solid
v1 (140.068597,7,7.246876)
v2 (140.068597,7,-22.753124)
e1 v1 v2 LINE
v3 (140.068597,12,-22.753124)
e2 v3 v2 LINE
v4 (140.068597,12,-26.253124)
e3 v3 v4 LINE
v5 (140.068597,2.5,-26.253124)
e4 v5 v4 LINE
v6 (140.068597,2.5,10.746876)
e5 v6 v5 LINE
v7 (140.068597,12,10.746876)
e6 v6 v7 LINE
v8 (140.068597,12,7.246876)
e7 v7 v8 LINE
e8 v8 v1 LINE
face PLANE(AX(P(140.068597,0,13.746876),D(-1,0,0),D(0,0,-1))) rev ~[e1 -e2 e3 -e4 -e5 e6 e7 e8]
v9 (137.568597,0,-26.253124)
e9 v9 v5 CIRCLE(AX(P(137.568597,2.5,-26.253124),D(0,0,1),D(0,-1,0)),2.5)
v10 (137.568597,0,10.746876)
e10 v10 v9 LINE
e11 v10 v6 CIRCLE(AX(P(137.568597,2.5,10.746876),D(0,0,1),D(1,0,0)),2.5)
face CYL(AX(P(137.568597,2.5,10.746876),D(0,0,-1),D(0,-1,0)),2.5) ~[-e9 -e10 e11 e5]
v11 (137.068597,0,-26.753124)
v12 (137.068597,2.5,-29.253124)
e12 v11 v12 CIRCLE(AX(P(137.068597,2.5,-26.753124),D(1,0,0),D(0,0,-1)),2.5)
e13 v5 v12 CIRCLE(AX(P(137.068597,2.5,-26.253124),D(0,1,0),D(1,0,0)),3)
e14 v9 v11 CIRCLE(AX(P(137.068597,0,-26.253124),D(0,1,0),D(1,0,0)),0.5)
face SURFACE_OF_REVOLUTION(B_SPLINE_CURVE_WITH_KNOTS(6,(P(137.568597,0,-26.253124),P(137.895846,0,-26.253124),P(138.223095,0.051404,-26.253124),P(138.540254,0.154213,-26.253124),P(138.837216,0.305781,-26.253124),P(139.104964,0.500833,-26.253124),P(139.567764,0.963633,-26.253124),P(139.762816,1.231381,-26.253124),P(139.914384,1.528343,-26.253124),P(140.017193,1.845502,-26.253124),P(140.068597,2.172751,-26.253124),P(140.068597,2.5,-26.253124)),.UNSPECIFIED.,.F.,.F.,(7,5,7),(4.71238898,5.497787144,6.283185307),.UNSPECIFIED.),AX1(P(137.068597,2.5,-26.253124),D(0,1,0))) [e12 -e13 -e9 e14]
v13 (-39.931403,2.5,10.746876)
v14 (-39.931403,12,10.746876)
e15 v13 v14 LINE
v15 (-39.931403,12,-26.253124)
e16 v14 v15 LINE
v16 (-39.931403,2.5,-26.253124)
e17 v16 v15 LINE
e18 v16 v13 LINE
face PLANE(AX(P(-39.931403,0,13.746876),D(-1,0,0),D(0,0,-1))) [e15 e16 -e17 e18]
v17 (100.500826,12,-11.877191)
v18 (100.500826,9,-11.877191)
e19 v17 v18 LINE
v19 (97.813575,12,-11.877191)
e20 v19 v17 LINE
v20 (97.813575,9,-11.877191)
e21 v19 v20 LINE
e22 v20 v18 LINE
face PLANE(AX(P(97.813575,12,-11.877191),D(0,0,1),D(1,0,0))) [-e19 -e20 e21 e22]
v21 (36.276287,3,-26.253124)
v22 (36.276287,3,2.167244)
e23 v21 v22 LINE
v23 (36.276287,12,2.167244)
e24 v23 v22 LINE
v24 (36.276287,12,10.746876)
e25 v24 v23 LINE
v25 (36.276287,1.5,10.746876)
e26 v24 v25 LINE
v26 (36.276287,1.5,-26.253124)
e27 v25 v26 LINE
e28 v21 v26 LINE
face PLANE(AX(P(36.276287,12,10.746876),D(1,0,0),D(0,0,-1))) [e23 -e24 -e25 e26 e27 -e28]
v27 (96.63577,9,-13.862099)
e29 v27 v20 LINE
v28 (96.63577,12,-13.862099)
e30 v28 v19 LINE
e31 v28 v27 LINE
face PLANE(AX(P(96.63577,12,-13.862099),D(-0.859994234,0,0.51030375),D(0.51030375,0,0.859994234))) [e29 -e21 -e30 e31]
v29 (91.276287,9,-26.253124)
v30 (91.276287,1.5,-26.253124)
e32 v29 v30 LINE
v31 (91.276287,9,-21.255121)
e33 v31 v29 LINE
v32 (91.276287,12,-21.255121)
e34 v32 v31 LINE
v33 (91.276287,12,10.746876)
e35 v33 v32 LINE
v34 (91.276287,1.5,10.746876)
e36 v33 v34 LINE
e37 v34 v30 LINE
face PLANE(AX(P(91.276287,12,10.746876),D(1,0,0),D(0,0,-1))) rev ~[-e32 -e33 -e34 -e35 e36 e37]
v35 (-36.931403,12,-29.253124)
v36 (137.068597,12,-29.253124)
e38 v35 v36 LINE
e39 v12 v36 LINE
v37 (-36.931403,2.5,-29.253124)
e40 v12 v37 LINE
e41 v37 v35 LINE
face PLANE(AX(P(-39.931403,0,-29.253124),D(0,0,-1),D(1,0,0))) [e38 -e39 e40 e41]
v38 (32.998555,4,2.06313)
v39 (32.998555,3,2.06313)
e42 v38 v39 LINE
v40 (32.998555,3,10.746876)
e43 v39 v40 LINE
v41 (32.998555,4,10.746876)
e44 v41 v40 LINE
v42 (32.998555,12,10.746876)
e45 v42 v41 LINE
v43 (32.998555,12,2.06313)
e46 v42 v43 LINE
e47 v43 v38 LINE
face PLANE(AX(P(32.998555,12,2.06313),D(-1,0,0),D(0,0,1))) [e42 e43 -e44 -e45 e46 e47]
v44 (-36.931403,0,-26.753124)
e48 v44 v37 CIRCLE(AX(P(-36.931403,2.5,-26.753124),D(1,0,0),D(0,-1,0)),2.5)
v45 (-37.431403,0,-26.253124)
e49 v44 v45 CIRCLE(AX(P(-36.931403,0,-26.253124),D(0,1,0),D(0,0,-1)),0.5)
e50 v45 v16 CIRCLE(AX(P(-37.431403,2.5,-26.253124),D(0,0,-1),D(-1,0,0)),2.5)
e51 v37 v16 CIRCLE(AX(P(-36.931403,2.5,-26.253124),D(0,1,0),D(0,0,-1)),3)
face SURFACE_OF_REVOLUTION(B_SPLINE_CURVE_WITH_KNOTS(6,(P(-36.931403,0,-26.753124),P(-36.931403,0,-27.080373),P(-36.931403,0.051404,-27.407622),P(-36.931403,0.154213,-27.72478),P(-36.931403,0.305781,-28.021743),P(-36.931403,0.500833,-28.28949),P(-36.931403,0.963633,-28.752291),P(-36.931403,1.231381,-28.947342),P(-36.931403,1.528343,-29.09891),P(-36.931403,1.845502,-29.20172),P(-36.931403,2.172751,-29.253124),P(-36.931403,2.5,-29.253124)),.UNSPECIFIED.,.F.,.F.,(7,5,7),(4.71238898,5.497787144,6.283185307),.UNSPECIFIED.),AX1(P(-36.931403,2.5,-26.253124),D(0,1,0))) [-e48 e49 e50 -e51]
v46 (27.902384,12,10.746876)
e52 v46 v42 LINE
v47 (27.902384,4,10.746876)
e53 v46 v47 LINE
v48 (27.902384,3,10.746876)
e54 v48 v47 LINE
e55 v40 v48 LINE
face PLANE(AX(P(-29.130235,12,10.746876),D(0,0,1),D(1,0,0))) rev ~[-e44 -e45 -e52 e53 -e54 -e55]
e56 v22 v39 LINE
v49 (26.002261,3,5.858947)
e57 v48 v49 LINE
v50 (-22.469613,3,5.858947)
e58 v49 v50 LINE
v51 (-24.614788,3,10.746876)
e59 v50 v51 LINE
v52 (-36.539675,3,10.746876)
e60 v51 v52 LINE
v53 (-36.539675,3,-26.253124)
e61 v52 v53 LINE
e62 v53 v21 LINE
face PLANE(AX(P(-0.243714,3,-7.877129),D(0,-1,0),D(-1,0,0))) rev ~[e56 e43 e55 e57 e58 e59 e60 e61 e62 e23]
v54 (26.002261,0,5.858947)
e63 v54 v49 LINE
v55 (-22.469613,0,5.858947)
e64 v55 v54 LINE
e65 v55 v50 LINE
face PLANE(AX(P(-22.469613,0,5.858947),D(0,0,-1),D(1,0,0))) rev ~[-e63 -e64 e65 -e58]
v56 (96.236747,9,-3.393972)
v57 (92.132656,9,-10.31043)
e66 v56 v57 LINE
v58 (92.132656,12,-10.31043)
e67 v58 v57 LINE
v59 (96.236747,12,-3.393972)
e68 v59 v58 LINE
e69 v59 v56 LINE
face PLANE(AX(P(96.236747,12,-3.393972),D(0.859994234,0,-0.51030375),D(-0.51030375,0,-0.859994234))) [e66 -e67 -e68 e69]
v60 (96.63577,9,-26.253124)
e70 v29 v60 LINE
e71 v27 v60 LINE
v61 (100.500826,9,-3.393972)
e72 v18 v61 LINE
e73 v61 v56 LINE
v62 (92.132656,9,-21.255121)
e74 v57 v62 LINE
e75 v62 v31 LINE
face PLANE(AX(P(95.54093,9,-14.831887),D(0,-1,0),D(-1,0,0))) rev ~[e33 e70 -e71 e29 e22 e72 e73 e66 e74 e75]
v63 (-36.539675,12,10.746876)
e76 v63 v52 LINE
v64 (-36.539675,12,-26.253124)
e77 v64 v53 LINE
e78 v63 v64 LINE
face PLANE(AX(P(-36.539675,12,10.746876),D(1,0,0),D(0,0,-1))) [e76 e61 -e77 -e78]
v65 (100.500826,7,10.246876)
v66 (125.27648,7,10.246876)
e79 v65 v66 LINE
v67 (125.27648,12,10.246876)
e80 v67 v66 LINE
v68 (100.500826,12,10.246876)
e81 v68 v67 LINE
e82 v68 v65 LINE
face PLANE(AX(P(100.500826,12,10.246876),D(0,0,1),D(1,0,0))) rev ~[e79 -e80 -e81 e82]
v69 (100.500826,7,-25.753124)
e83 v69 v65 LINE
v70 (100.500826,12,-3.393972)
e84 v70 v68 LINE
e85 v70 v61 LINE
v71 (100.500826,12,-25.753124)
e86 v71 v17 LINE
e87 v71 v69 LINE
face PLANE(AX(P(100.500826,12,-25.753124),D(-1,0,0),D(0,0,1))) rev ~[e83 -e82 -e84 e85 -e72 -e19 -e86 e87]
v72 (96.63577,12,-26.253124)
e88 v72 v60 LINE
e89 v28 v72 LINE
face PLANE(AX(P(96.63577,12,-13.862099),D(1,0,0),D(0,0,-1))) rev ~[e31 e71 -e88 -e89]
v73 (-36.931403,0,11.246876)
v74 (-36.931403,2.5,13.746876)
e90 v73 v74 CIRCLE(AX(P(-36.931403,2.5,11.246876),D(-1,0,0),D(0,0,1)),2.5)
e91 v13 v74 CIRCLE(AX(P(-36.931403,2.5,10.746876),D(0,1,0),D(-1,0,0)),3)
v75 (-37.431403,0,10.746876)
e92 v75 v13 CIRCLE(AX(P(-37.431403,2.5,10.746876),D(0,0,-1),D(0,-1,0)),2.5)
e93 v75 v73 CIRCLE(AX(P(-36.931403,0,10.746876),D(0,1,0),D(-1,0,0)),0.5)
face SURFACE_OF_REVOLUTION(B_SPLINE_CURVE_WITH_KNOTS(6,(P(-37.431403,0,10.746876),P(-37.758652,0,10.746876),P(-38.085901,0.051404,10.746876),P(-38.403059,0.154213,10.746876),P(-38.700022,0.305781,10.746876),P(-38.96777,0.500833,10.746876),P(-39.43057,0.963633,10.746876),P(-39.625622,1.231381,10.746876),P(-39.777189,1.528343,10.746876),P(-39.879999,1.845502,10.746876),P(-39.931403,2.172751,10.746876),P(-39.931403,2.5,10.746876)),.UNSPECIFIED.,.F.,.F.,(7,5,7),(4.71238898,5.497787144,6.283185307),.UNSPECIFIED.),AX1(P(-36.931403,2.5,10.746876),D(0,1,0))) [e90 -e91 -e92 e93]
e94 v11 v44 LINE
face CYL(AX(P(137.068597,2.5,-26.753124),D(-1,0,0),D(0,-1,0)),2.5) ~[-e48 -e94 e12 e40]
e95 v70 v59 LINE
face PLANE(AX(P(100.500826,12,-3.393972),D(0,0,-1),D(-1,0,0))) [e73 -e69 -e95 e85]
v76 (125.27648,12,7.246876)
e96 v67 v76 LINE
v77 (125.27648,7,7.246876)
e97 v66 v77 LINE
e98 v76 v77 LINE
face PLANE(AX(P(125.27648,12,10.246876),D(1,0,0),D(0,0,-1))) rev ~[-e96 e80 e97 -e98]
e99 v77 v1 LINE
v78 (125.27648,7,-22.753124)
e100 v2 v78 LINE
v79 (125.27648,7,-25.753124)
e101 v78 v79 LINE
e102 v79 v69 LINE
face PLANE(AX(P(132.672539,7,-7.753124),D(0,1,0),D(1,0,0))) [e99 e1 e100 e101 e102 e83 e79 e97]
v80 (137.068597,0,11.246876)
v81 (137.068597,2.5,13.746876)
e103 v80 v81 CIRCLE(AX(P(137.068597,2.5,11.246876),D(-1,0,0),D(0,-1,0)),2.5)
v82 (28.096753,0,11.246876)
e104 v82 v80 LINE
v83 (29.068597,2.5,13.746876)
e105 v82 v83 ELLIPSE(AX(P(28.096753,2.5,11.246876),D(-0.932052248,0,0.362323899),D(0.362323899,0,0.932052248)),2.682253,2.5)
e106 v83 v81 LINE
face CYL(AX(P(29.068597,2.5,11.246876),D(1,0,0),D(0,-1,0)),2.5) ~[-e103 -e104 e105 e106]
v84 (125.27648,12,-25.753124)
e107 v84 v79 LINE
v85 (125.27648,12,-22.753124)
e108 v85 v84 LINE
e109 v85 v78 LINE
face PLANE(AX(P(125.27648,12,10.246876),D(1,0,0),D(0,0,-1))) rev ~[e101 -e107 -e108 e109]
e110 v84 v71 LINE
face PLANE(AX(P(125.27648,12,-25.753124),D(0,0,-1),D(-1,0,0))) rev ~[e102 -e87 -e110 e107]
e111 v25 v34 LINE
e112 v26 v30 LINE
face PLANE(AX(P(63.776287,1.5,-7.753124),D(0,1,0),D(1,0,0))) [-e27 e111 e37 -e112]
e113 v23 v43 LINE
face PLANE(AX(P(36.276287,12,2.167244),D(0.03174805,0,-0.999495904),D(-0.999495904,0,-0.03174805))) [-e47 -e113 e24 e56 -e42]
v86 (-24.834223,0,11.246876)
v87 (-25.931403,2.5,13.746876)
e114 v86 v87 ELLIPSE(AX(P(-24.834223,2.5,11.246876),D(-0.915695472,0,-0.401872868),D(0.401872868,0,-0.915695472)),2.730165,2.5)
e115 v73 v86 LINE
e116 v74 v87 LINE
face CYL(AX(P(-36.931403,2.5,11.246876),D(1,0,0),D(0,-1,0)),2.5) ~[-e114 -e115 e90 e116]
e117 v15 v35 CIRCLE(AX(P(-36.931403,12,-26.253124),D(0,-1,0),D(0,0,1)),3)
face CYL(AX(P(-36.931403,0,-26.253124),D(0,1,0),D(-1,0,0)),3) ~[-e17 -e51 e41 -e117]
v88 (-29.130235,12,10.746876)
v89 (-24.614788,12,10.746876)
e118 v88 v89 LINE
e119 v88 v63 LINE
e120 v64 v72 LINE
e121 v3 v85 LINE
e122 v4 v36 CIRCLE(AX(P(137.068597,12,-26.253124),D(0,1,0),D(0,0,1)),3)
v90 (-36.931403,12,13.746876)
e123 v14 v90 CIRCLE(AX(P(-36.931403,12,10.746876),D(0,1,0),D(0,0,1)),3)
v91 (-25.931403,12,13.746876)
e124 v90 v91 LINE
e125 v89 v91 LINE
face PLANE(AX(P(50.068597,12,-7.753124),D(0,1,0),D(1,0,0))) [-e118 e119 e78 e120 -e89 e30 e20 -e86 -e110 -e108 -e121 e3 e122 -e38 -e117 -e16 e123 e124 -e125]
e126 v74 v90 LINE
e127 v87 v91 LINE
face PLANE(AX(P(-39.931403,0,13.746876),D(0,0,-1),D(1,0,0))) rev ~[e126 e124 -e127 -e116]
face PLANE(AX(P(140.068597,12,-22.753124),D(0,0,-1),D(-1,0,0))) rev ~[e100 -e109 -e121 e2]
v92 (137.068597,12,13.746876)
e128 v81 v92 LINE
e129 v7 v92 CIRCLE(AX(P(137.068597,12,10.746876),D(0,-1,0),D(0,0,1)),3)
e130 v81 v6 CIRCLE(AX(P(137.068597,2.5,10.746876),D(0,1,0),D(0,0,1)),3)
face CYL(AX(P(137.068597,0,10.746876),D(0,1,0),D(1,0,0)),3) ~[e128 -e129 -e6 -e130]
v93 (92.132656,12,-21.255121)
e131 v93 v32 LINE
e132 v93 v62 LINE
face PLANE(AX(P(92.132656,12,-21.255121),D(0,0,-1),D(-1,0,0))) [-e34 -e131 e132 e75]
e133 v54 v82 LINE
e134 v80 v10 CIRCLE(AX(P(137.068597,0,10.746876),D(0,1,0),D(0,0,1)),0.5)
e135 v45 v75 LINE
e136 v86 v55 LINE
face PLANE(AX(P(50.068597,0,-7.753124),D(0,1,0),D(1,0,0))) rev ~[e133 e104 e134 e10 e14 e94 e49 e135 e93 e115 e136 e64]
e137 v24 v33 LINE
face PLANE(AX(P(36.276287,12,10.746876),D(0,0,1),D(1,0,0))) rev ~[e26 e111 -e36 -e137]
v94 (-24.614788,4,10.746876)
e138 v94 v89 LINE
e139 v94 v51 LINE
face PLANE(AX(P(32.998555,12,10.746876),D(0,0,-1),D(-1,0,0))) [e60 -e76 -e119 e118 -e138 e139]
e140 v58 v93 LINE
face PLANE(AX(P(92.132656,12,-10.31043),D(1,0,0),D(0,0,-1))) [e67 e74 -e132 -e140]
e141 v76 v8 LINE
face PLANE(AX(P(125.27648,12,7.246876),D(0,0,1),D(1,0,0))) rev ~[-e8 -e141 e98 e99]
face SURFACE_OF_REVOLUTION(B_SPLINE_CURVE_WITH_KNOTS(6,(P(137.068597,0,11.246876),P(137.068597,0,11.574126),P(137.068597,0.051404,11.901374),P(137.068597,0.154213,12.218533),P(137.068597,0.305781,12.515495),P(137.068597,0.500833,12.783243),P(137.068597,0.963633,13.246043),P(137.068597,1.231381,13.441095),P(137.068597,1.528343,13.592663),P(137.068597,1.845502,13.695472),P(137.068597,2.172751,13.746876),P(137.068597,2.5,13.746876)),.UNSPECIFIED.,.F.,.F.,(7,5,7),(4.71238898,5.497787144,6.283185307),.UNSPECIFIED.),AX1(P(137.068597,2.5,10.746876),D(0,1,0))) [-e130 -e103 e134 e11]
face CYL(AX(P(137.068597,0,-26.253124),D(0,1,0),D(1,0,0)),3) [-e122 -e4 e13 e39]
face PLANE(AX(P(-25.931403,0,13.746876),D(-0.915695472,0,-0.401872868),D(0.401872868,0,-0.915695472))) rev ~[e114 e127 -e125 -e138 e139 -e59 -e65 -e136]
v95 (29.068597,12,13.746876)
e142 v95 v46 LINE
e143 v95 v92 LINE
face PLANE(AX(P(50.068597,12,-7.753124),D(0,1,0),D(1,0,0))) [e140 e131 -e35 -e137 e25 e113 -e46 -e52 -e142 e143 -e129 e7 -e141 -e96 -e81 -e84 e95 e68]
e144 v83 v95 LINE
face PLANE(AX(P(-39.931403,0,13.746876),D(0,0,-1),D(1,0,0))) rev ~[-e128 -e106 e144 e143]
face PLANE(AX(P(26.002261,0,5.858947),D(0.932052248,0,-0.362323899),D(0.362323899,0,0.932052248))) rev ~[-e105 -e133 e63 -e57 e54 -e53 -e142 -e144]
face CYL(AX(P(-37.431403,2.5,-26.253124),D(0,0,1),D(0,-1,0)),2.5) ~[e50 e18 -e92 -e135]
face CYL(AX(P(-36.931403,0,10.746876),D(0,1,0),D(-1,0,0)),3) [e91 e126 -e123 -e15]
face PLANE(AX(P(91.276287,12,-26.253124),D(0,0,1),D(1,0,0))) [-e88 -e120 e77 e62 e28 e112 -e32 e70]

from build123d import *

# Parameters (mm, degrees)
SKETCH_3_W          = 180
SKETCH_3_H          = 43
EXTRUDE_1_DEPTH     = 12
CUT_EXTRUDE_1_DEPTH = 52
CUT_EXTRUDE_2_DEPTH = 5
CUT_EXTRUDE_3_DEPTH = 5
SKETCH_8_W          = 55
SKETCH_8_H          = 37
CUT_EXTRUDE_4_DEPTH = 10.5
CUT_EXTRUDE_5_DEPTH = 3
SKETCH_10_W         = 62.128790526
SKETCH_10_H         = 8.683746703
CUT_EXTRUDE_6_DEPTH = 8
CUT_EXTRUDE_8_DEPTH = 9
FILLET_3_R          = 3
FILLET_4_R          = 2.5


with BuildPart() as part:
    # 草图3 → 凸台-拉伸1 (new body)
    with BuildSketch(Plane(origin=(0, 0, 0), x_dir=(1, 0, 0), z_dir=(0, 1, 0))):
        with Locations((50.068597249, 7.753123643)):
            Rectangle(SKETCH_3_W, SKETCH_3_H)
    extrude(amount=EXTRUDE_1_DEPTH)

    # 草图4 → 切除-拉伸1 (cut)
    with BuildSketch(Plane(origin=(0, 0, 0), x_dir=(1, 0, 0), z_dir=(0, 1, 0))):
        Polygon((-22.469613434, -5.858946979), (26.002261286, -5.858946979), (29.068597249, -13.746876357), (-25.931402751, -13.746876357), align=None)
    extrude(amount=CUT_EXTRUDE_1_DEPTH, mode=Mode.SUBTRACT)

    # 草图5 → 切除-拉伸2 (cut)
    with BuildSketch(Plane(origin=(0, 12, 0), x_dir=(1, 0, 0), z_dir=(0, 1, 0))):
        Polygon((140.068597249, 7.753123643), (140.068597249, 22.753123643), (125.276479966, 22.753123643), (125.276479966, -7.246876357), (140.068597249, -7.246876357), align=None)
    extrude(amount=-CUT_EXTRUDE_2_DEPTH, mode=Mode.SUBTRACT)

    # 草图7 → 切除-拉伸3 (cut)
    with BuildSketch(Plane(origin=(0, 12, 0), x_dir=(1, 0, 0), z_dir=(0, 1, 0))):
        Polygon((125.276479966, 7.753123643), (125.276479966, 25.753123643), (100.500825538, 25.753123643), (100.500825538, -10.246876357), (125.276479966, -10.246876357), align=None)
    extrude(amount=-CUT_EXTRUDE_3_DEPTH, mode=Mode.SUBTRACT)

    # 草图8 → 切除-拉伸4 (cut)
    with BuildSketch(Plane(origin=(0, 12, 0), x_dir=(1, 0, 0), z_dir=(0, 1, 0))):
        with Locations((63.776287419, 7.753123643)):
            Rectangle(SKETCH_8_W, SKETCH_8_H)
    extrude(amount=-CUT_EXTRUDE_4_DEPTH, mode=Mode.SUBTRACT)

    # 草图9 → 切除-拉伸5 (cut)
    with BuildSketch(Plane(origin=(0, 12, 0), x_dir=(1, 0, 0), z_dir=(0, 1, 0))):
        Polygon((91.276287419, 26.253123643), (96.635770173, 26.253123643), (96.635770173, 22.130591531), (96.635770173, 13.862098754), (97.813575381, 11.877191358), (100.500825538, 11.877191358), (100.500825538, 3.393971617), (96.236747254, 3.393971617), (92.132656028, 10.310430274), (92.132656028, 21.255120764), (91.276287419, 21.255120764), align=None)
    extrude(amount=-CUT_EXTRUDE_5_DEPTH, mode=Mode.SUBTRACT)

    # 草图10 → 切除-拉伸6 (cut)
    with BuildSketch(Plane(origin=(0, 12, 0), x_dir=(1, 0, 0), z_dir=(0, 1, 0))):
        with Locations((1.934159822, -6.405003006)):
            Rectangle(SKETCH_10_W, SKETCH_10_H)
    extrude(amount=-CUT_EXTRUDE_6_DEPTH, mode=Mode.SUBTRACT)

    # 草图11 → 切除-拉伸8 (cut)
    with BuildSketch(Plane(origin=(0, 12, 0), x_dir=(1, 0, 0), z_dir=(0, 1, 0))):
        Polygon((32.998555085, -10.746876357), (-36.5396752, -10.746876357), (-36.5396752, 26.253123643), (36.276287419, 26.253123643), (36.276287419, -2.167243749), (32.998555085, -2.063129654), align=None)
    extrude(amount=-CUT_EXTRUDE_8_DEPTH, mode=Mode.SUBTRACT)

    # 圆角3
    fillet_3_edges = [part.edges().sort_by_distance(p)[0] for p in [
        (-39.931402751, 6, -29.253123643),
        (140.068597249, 6, -29.253123643),
        (140.068597249, 6, 13.746876357),
        (-39.931402751, 6, 13.746876357),
    ]]
    fillet(fillet_3_edges, radius=FILLET_3_R)

    # 圆角4
    fillet_4_edges = [part.edges().sort_by_distance(p)[0] for p in [
        (83.068597249, 0, 13.746876357),
        (50.068597249, 0, -29.253123643),
        (-31.431402751, 0, 13.746876357),
        (-39.931402751, 0, -7.753123643),
        (140.068597249, 0, -7.753123643),
        (-39.052723094, 0, -28.374443987),
        (-39.052723094, 0, 12.8681967),
        (139.189917593, 0, 12.8681967),
        (139.189917593, 0, -28.374443987),
    ]]
    fillet(fillet_4_edges, radius=FILLET_4_R)


solid = part.part
